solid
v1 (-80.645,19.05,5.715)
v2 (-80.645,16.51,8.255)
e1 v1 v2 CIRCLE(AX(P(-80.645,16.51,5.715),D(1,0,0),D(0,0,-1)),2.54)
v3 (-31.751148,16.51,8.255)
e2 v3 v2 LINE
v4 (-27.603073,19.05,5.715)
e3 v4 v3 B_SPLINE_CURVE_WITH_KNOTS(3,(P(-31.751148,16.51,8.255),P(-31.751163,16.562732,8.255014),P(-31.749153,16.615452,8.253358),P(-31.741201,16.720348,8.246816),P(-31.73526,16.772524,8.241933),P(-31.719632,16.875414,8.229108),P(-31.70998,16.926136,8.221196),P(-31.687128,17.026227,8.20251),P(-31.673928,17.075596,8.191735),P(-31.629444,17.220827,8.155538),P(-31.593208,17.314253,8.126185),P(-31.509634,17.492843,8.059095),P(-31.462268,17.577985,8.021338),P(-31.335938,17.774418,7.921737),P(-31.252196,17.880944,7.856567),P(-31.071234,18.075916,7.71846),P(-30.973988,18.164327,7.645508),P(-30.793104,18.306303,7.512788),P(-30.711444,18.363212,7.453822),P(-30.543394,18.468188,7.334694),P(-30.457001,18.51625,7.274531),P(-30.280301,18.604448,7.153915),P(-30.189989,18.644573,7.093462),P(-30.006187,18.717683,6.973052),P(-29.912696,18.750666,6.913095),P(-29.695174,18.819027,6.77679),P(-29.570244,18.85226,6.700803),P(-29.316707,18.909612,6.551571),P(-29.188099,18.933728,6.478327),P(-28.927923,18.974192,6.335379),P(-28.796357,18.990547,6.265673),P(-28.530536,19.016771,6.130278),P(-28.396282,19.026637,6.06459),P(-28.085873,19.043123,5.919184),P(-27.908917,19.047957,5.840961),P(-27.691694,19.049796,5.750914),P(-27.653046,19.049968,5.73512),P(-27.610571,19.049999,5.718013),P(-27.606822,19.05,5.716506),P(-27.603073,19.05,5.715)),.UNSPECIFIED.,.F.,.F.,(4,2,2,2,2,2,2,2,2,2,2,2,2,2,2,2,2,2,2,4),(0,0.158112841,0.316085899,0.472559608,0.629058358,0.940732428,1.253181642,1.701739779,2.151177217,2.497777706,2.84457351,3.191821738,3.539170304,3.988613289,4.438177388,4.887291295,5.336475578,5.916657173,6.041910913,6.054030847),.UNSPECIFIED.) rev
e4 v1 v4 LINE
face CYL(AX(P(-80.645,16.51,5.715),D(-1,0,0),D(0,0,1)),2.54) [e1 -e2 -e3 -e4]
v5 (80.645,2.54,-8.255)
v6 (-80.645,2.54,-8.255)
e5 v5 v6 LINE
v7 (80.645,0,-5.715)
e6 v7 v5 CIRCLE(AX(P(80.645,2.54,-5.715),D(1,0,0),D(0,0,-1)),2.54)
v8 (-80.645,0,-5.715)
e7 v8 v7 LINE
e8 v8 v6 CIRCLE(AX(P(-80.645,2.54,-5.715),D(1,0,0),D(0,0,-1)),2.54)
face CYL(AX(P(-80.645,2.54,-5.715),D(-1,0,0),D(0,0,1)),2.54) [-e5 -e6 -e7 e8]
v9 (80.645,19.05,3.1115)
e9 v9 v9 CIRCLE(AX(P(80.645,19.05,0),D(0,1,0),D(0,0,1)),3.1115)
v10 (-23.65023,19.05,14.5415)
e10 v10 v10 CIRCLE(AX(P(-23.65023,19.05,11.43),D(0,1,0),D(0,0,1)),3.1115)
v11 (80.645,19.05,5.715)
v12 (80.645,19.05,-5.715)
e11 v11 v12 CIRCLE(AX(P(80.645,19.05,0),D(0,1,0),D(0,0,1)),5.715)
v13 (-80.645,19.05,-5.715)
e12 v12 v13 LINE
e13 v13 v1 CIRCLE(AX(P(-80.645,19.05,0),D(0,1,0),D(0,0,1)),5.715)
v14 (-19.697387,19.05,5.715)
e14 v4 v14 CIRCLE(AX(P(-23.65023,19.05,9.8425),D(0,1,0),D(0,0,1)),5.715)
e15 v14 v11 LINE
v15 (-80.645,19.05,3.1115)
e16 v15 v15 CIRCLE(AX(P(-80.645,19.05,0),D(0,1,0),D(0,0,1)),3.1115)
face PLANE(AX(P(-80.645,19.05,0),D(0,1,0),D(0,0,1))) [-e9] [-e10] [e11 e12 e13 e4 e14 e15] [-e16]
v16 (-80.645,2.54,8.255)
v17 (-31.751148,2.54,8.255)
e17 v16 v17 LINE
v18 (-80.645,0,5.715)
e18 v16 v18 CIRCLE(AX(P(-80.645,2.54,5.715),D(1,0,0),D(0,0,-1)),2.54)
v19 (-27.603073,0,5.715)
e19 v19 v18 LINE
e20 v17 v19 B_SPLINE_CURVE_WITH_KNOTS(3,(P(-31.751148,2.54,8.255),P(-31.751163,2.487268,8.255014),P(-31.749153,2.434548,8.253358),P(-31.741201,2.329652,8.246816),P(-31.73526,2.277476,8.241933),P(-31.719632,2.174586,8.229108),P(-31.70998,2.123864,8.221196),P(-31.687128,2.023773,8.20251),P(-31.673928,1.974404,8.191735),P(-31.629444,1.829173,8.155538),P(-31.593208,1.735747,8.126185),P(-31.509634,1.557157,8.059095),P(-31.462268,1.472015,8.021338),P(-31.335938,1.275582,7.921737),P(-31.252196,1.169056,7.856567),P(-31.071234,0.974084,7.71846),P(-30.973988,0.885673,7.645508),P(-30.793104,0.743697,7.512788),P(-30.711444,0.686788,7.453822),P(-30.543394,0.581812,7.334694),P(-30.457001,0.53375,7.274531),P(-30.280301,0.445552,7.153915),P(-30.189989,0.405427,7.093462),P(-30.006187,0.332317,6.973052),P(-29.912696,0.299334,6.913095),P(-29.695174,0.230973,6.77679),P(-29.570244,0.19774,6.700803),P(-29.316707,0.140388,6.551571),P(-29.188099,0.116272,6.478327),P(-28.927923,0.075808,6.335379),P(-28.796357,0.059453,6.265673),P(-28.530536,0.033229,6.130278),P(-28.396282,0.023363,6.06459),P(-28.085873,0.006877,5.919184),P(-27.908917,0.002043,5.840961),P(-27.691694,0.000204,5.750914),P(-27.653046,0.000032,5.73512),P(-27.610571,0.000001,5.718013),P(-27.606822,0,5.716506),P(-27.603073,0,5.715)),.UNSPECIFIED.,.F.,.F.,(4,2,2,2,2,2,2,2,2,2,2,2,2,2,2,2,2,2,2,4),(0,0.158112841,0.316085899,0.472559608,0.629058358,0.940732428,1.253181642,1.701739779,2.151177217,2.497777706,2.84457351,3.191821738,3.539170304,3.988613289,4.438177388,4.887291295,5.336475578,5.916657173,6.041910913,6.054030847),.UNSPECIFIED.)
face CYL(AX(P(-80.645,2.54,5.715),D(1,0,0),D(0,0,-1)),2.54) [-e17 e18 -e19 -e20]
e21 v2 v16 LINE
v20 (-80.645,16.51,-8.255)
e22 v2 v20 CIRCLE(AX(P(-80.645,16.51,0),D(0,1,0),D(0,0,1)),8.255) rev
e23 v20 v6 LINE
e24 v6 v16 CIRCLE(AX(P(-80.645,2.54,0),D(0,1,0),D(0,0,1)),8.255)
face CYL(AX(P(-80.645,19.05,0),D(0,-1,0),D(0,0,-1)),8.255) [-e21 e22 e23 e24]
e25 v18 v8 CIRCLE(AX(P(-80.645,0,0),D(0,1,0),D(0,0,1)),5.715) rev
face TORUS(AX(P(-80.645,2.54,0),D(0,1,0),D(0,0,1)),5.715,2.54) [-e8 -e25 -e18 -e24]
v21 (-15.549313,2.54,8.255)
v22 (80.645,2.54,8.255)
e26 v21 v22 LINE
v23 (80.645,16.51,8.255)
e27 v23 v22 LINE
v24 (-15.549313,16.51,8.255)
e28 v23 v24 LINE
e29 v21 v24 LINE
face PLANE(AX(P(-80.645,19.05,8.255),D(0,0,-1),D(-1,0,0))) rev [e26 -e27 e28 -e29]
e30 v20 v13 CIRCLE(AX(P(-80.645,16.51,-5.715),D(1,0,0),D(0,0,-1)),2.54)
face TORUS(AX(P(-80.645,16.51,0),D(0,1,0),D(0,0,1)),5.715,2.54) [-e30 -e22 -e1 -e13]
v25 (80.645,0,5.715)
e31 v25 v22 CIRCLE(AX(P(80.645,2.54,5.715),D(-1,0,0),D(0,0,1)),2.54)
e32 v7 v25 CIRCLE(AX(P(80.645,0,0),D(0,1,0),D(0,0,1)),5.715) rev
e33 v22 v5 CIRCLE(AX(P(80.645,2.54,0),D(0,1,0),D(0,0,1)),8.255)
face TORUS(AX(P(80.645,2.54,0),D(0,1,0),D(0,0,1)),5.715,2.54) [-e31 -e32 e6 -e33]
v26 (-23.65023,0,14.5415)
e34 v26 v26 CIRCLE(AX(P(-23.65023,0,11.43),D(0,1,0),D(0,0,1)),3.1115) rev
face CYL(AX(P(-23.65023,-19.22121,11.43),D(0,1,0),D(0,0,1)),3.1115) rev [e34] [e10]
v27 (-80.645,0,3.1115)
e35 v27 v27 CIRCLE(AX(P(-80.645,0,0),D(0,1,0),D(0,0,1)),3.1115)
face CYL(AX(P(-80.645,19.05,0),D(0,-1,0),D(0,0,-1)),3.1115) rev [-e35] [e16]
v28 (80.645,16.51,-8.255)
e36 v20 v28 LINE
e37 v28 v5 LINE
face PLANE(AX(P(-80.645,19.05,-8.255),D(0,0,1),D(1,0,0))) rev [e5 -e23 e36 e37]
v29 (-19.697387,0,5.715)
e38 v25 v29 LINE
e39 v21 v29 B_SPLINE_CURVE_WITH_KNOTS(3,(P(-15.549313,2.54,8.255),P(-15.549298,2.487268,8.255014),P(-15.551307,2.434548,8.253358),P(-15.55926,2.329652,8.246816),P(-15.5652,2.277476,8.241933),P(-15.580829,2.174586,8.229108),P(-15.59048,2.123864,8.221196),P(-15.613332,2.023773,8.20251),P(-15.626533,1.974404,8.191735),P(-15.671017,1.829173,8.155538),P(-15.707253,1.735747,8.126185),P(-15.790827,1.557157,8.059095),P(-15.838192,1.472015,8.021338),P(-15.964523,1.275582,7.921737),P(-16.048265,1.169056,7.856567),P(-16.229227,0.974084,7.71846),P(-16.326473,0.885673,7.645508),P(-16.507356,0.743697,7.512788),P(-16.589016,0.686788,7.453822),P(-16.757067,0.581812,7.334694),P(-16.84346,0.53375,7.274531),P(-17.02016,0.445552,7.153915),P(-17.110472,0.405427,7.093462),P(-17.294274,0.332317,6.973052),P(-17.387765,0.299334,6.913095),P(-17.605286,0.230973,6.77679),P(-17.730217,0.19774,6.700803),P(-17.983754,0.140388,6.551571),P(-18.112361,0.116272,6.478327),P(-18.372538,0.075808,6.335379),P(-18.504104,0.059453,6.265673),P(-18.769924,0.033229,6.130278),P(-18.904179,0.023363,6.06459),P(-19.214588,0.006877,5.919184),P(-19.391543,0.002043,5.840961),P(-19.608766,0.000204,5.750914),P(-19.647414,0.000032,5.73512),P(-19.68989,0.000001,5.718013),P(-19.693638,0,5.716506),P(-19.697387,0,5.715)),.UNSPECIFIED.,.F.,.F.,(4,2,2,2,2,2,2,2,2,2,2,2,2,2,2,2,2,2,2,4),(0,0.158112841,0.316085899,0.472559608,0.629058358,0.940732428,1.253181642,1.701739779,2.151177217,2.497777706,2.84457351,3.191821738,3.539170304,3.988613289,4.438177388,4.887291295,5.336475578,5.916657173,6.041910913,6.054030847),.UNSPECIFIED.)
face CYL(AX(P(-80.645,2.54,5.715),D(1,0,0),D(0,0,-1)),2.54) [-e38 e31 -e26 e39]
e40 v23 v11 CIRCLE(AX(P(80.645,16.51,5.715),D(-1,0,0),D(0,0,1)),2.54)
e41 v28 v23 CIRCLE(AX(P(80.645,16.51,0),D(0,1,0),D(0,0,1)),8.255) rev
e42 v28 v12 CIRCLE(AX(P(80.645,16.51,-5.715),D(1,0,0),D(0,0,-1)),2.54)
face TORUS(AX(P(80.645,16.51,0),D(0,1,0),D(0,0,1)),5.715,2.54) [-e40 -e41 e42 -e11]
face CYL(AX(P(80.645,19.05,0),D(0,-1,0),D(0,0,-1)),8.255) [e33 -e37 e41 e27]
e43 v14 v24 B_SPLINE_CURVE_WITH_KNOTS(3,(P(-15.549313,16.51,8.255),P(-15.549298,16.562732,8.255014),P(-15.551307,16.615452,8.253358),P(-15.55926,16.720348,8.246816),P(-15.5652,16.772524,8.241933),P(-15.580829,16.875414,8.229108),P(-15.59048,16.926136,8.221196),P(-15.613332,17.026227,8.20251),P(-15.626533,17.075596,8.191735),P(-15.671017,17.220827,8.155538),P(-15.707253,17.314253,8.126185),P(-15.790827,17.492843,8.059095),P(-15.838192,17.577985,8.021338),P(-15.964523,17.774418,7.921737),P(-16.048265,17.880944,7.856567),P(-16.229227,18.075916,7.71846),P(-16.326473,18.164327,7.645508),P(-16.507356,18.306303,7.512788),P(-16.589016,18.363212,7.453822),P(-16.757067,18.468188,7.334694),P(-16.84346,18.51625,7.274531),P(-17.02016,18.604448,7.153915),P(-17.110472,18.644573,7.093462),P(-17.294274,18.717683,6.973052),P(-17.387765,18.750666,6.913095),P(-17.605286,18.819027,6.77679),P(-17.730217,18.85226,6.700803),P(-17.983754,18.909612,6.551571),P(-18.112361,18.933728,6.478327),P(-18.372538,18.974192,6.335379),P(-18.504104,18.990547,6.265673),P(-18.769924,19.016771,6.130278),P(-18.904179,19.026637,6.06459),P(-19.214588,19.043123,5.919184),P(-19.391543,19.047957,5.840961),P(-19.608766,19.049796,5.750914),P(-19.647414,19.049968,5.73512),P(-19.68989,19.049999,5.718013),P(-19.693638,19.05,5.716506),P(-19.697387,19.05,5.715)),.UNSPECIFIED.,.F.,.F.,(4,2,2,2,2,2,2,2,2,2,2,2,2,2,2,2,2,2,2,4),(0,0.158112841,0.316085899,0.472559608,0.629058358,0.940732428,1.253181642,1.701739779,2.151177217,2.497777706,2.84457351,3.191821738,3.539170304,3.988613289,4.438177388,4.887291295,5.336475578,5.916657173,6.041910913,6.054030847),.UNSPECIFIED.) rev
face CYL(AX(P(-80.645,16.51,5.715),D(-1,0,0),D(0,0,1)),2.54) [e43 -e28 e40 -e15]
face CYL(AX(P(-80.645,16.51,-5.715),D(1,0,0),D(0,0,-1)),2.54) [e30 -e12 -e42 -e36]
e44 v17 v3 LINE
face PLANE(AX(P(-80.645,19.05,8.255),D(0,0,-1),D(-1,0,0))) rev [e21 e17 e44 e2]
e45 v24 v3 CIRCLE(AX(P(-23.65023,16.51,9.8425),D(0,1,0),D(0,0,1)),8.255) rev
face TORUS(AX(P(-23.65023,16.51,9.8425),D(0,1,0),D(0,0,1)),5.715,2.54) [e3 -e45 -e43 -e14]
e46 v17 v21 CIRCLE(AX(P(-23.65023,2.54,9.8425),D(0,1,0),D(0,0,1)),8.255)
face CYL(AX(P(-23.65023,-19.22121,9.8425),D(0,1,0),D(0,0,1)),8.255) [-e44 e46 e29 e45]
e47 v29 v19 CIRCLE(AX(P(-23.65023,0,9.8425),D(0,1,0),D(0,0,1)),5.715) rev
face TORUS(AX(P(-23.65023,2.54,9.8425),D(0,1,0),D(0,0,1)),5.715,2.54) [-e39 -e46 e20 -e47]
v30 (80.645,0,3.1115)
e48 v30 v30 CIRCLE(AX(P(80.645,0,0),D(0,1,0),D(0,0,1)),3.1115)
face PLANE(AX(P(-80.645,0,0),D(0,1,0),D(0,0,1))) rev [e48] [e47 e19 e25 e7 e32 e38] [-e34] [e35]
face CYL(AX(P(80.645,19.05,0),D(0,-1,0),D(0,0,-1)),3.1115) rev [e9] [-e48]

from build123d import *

# Parameters (mm, degrees)
SKETCH1_R           = 3.1115
BOSS_EXTRUDE1_DEPTH = 19.05
SKETCH2_R           = 8.255
SKETCH2_R_2         = 3.1115
BOSS_EXTRUDE2_DEPTH = 19.05
FILLET1_R           = 2.54


with BuildPart() as part:
    # Sketch1 → Boss-Extrude1 (new body)
    with BuildSketch(Plane(origin=(0, 0, 0), x_dir=(1, 0, 0), z_dir=(0, 1, 0))):
        with BuildLine():
            Line((-80.645, -8.255), (80.645, -8.255))
            ThreePointArc((80.645, -8.255), (88.9, 0), (80.645, 8.255))
            Line((80.645, 8.255), (-80.645, 8.255))
            ThreePointArc((-80.645, 8.255), (-88.9, 0), (-80.645, -8.255))
        make_face()
        with Locations((-80.645, 0)):
            Circle(SKETCH1_R, mode=Mode.SUBTRACT)
        with Locations((80.645, 0)):
            Circle(SKETCH1_R, mode=Mode.SUBTRACT)
    extrude(amount=BOSS_EXTRUDE1_DEPTH)

    # Sketch2 → Boss-Extrude2 (add)
    with BuildSketch(Plane(origin=(0, 19.05, 0), x_dir=(1, 0, 0), z_dir=(0, 1, 0))):
        with Locations((-23.650230322, -9.8425)):
            Circle(SKETCH2_R)
        with Locations((-23.650230322, -11.43)):
            Circle(SKETCH2_R_2, mode=Mode.SUBTRACT)
    extrude(amount=-BOSS_EXTRUDE2_DEPTH)

    # Fillet1
    fillet1_edges = [part.edges().sort_by_distance(p)[0] for p in [
        (88.9, 19.05, 0),
        (0, 19.05, -8.255),
        (32.547843725, 0, 8.255),
        (32.547843725, 19.05, 8.255),
        (-23.650230322, 19.05, 18.0975),
        (-23.650230322, 0, 18.0975),
        (-88.9, 19.05, 0),
        (0, 0, -8.255),
        (88.9, 0, 0),
        (-56.198074047, 0, 8.255),
        (-88.9, 0, 0),
        (-56.198074047, 19.05, 8.255),
    ]]
    fillet(fillet1_edges, radius=FILLET1_R)


solid = part.part
